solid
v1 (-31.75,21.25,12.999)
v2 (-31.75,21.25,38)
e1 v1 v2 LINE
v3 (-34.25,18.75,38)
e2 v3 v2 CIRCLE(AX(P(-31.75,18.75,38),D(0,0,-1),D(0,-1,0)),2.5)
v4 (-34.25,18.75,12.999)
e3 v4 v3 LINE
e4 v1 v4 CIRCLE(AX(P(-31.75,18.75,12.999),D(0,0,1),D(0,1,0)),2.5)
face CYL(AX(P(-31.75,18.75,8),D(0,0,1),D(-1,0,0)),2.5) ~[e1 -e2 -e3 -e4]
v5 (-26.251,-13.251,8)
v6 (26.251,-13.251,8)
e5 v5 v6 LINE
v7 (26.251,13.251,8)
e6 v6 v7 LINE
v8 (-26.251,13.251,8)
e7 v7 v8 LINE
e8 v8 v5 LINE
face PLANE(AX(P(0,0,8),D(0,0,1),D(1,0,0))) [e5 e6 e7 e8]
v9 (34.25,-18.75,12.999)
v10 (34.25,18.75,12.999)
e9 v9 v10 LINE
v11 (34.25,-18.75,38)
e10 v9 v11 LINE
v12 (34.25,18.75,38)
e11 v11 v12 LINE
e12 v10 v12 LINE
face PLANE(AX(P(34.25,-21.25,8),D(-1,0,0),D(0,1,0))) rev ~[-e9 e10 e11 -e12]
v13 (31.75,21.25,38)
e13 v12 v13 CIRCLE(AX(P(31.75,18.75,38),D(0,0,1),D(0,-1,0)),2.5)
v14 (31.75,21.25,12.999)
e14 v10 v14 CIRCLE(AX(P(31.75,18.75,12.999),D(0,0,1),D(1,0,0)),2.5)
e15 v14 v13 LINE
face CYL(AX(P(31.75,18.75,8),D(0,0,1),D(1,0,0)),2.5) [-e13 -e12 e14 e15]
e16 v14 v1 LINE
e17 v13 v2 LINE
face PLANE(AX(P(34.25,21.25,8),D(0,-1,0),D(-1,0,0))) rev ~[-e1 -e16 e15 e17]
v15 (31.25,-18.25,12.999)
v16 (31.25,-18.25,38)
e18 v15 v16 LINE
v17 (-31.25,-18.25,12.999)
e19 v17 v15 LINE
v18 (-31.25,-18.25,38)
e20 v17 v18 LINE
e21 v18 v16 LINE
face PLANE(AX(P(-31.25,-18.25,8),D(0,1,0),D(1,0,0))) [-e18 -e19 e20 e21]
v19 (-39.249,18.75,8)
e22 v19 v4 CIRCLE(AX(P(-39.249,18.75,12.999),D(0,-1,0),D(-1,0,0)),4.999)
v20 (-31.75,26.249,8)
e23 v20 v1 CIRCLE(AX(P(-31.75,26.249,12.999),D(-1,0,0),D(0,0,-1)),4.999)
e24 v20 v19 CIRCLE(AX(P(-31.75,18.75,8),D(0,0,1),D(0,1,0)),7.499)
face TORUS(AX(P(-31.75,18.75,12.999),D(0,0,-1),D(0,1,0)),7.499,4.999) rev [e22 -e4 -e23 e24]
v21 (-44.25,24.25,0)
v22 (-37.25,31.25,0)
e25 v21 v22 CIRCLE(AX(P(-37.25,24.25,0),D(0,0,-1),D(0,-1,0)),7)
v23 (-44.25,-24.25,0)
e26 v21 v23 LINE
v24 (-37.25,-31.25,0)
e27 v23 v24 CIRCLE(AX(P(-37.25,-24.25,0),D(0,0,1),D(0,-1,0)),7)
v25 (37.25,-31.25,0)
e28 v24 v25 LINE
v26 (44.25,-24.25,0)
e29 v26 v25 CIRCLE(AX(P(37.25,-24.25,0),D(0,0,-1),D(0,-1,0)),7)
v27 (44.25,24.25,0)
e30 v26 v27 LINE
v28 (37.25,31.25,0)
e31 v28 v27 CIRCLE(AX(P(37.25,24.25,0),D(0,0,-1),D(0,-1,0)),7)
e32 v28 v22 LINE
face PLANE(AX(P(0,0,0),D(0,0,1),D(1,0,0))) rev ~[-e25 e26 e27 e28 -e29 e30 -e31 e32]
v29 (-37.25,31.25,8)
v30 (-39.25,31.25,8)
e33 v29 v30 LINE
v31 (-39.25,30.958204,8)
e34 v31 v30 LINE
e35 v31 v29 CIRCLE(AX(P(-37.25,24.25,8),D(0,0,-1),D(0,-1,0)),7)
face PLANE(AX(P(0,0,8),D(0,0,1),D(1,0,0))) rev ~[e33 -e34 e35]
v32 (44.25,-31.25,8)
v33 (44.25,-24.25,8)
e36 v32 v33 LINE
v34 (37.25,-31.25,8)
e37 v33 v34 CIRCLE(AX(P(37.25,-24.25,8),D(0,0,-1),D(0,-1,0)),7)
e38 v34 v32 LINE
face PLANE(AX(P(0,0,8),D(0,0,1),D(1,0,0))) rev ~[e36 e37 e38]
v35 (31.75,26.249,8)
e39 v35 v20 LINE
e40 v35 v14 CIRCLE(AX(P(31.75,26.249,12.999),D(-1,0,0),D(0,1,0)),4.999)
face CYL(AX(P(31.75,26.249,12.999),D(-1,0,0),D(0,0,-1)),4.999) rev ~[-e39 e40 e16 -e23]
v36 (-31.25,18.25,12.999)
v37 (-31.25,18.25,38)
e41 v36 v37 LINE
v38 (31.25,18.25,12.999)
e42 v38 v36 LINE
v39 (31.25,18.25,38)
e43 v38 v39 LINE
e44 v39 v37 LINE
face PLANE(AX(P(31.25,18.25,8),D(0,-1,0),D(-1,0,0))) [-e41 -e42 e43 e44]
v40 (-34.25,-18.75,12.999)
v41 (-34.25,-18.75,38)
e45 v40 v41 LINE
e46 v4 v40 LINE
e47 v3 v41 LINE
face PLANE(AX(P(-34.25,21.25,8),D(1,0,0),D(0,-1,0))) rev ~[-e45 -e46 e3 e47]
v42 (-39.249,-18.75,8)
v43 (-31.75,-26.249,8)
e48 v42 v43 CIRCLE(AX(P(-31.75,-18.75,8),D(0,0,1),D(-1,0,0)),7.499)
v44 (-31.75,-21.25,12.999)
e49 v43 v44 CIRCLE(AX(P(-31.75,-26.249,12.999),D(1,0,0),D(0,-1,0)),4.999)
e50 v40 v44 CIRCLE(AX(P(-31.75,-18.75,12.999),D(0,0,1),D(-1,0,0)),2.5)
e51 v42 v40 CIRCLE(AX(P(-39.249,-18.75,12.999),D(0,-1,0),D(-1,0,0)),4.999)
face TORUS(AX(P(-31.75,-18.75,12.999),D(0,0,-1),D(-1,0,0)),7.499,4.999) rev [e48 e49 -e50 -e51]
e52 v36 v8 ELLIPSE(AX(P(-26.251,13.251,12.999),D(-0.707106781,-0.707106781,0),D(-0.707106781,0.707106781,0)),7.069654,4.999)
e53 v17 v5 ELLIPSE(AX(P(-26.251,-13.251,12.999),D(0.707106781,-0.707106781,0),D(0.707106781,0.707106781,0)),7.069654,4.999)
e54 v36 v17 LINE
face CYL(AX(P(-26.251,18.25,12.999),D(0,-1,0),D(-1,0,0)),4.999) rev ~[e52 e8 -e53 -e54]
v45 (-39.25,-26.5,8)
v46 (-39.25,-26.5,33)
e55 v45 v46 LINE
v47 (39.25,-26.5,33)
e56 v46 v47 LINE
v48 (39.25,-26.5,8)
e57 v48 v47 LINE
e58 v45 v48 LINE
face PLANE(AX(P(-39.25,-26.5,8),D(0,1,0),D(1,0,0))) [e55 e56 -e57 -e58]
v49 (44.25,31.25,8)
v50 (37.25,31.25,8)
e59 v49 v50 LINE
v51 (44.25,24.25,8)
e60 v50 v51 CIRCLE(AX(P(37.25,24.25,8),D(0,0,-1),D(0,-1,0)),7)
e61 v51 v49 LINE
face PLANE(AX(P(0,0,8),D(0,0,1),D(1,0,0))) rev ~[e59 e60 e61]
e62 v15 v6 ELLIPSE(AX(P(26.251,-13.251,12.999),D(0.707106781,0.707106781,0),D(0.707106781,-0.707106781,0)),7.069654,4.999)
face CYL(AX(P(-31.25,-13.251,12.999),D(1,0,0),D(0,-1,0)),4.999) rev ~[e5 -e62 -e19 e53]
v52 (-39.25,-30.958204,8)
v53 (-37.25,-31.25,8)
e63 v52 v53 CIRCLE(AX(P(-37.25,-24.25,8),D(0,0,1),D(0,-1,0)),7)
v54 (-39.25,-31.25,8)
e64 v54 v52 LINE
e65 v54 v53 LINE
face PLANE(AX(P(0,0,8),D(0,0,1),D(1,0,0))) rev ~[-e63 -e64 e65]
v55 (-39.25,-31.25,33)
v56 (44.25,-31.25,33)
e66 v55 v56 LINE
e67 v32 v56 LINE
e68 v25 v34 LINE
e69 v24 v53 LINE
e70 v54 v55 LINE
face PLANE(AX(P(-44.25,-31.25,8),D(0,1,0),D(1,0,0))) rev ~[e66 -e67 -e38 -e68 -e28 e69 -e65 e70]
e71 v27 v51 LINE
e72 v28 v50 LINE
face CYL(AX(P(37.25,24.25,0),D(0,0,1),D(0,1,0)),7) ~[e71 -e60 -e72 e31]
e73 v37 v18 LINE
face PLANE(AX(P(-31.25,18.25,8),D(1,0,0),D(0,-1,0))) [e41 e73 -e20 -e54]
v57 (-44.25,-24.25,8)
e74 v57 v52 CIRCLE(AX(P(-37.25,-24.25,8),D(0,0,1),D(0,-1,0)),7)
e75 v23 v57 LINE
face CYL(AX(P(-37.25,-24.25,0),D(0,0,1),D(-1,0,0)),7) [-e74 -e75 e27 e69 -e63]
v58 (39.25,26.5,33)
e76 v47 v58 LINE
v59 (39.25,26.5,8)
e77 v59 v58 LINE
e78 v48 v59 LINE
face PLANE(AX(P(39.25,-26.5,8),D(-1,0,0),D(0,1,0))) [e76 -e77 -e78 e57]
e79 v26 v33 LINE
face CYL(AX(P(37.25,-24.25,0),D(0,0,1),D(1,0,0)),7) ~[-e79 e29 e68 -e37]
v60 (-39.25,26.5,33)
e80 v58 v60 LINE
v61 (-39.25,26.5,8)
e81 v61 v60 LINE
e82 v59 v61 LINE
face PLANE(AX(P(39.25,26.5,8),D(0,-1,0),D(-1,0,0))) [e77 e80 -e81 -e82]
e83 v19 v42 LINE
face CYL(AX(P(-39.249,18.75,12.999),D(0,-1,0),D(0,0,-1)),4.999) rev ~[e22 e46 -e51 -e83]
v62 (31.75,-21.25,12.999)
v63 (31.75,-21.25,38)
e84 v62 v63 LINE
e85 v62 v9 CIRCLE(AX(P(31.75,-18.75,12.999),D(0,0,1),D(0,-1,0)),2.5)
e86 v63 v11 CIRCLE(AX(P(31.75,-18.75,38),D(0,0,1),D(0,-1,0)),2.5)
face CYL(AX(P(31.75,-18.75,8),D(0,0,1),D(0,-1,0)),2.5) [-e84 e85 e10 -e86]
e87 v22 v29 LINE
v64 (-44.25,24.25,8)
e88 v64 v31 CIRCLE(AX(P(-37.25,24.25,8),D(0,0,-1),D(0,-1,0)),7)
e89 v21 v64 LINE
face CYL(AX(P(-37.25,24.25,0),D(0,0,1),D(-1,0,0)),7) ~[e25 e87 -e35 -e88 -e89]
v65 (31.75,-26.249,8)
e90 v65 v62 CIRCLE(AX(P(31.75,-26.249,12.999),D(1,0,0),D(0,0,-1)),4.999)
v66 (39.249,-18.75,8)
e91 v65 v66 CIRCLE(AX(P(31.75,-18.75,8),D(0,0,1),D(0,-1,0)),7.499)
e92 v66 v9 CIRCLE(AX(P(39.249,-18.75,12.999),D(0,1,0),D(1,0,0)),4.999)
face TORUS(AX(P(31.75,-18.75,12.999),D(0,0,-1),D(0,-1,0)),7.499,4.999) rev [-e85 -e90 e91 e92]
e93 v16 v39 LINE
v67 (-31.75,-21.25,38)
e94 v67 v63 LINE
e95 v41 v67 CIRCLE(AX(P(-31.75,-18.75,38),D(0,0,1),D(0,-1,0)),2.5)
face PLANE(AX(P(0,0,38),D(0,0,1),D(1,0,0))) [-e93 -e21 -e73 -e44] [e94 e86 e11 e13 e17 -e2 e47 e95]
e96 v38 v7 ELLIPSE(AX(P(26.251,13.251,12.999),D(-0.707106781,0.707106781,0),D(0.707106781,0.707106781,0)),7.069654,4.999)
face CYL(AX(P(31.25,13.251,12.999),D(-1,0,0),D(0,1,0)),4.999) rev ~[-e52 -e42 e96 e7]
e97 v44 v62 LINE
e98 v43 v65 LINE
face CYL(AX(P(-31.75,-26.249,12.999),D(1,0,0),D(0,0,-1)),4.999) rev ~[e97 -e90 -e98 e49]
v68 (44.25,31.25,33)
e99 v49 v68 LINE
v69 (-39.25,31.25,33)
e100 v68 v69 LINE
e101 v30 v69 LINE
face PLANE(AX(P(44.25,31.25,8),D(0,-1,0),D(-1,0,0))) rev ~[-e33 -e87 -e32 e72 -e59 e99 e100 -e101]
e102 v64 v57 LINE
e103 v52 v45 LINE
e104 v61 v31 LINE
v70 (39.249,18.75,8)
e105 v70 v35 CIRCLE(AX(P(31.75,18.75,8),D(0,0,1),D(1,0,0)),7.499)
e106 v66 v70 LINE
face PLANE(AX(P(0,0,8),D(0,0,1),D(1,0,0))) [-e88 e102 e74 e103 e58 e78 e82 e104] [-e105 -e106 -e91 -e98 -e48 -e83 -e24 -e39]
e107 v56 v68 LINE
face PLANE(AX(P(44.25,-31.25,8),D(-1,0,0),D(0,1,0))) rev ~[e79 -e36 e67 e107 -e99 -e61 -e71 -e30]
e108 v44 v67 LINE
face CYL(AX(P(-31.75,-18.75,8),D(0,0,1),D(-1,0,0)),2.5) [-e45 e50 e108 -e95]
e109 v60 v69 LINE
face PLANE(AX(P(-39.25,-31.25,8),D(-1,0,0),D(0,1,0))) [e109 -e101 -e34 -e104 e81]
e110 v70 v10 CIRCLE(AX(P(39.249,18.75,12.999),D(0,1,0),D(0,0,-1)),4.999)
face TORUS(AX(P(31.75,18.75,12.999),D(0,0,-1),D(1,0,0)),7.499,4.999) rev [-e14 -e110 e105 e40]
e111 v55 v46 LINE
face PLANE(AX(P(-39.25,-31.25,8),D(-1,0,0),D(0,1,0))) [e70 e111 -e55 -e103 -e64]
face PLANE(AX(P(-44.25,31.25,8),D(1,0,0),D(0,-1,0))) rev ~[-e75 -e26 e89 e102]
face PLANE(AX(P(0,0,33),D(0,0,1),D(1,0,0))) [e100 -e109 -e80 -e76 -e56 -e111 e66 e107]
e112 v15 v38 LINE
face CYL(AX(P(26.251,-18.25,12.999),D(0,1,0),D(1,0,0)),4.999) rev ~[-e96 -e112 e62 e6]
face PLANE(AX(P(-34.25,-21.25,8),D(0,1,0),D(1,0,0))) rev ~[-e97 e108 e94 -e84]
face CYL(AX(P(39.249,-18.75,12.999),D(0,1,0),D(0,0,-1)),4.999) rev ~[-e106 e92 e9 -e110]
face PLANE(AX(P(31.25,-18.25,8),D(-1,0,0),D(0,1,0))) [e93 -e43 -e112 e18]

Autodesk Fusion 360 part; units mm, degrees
sketch "Sketch20" plane through (0, 0, 0) normal (0, 0, 1) x (1, 0, 0)
  line L0 (-44.25, -31.25) -> (44.25, -31.25)
  line L1 (44.25, -31.25) -> (44.25, 31.25)
  line L2 (44.25, 31.25) -> (-44.25, 31.25)
  line L3 (-44.25, 31.25) -> (-44.25, -31.25)
extrude "Extrude16" add sketch "Sketch20" along normal blind 8
fillet "Fillet3" radius 7 4 edges at (-44.25, 31.25, 4) (44.25, 31.25, 4) (44.25, -31.25, 4) (-44.25, -31.25, 4)
ref_plane "WorkPlane17" through (0, 0, 8) normal (0, 0, 1) x (1, 0, 0)
sketch "Sketch21" plane through (0, 0, 8) normal (0, 0, 1) x (1, 0, 0)
  line L0 (-34.25, -21.25) -> (34.25, -21.25)
  line L1 (34.25, -21.25) -> (34.25, 21.25)
  line L2 (34.25, 21.25) -> (-34.25, 21.25)
  line L3 (-34.25, 21.25) -> (-34.25, -21.25)
  line L4 (-31.25, -18.25) -> (31.25, -18.25)
  line L5 (31.25, -18.25) -> (31.25, 18.25)
  line L6 (31.25, 18.25) -> (-31.25, 18.25)
  line L7 (-31.25, 18.25) -> (-31.25, -18.25)
extrude "Extrude17" add sketch "Sketch21" along normal blind 30
fillet "Fillet4" radius 2.5 4 edges at (-34.25, 21.25, 23) (34.25, 21.25, 23) (34.25, -21.25, 23) (-34.25, -21.25, 23)
sketch "Sketch22" plane through (0, 0, 8) normal (0, 0, 1) x (1, 0, 0)
  line L0 (-44.25, -31.25) -> (44.25, -31.25)
  line L1 (44.25, -31.25) -> (44.25, 31.25)
  line L2 (44.25, 31.25) -> (-44.25, 31.25)
  line L3 (-44.25, 31.25) -> (-44.25, -31.25)
  line L4 (-39.25, -26.5) -> (39.25, -26.5)
  line L5 (39.25, -26.5) -> (39.25, 26.5)
  line L6 (39.25, 26.5) -> (-39.25, 26.5)
  line L7 (-39.25, 26.5) -> (-39.25, -26.5)
extrude "Extrude18" add sketch "Sketch22" along normal blind 25
sketch "Sketch23" plane through (0, 0, 8) normal (0, 0, 1) x (1, 0, 0)
  line L0 (-44.25, -31.25) -> (-39.25, -31.25)
  line L1 (-39.25, -31.25) -> (-39.25, 31.25)
  line L2 (-39.25, 31.25) -> (-44.25, 31.25)
  line L3 (-44.25, 31.25) -> (-44.25, -31.25)
extrude "Extrude19" cut sketch "Sketch23" along normal blind 25
fillet "Fillet5" radius 5 68 edges at (-33.5178, -20.5178, 8) (0, -21.25, 8) (33.5178, -20.5178, 8) (34.25, 0, 8) (33.5178, 20.5178, 8) (0, 21.25, 8) (-33.5178, 20.5178, 8) (-34.25, 0, 8) (0, -21.25, 8) (-33.5178, -20.5178, 8) (-34.25, 0, 8) (-33.5178, 20.5178, 8) (0, 21.25, 8) (33.5178, 20.5178, 8) (34.25, 0, 8) (33.5178, -20.5178, 8) (33.5178, -20.5178, 8) (34.25, 0, 8) (33.5178, 20.5178, 8) (0, 21.25, 8) (-33.5178, 20.5178, 8) (-34.25, 0, 8) (-33.5178, -20.5178, 8) (0, -21.25, 8) (33.5178, 20.5178, 8) (0, 21.25, 8) (-33.5178, 20.5178, 8) (-34.25, 0, 8) (-33.5178, -20.5178, 8) (0, -21.25, 8) (33.5178, -20.5178, 8) (34.25, 0, 8) (0, 21.25, 8) (33.5178, 20.5178, 8) (34.25, 0, 8) (33.5178, -20.5178, 8) (0, -21.25, 8) (-33.5178, -20.5178, 8) (-34.25, 0, 8) (-33.5178, 20.5178, 8) (-33.5178, 20.5178, 8) (-34.25, 0, 8) (-33.5178, -20.5178, 8) (0, -21.25, 8) (33.5178, -20.5178, 8) (34.25, 0, 8) (33.5178, 20.5178, 8) (0, 21.25, 8) (-34.25, 0, 8) (-33.5178, 20.5178, 8) (0, 21.25, 8) (33.5178, 20.5178, 8) (34.25, 0, 8) (33.5178, -20.5178, 8) (0, -21.25, 8) (-33.5178, -20.5178, 8) (0, -18.25, 8) (31.25, 0, 8) (0, 18.25, 8) (-31.25, 0, 8) (34.25, 0, 8) (33.5178, -20.5178, 8) (0, -21.25, 8) (-33.5178, -20.5178, 8) (-34.25, 0, 8) (-33.5178, 20.5178, 8) (0, 21.25, 8) (33.5178, 20.5178, 8)
